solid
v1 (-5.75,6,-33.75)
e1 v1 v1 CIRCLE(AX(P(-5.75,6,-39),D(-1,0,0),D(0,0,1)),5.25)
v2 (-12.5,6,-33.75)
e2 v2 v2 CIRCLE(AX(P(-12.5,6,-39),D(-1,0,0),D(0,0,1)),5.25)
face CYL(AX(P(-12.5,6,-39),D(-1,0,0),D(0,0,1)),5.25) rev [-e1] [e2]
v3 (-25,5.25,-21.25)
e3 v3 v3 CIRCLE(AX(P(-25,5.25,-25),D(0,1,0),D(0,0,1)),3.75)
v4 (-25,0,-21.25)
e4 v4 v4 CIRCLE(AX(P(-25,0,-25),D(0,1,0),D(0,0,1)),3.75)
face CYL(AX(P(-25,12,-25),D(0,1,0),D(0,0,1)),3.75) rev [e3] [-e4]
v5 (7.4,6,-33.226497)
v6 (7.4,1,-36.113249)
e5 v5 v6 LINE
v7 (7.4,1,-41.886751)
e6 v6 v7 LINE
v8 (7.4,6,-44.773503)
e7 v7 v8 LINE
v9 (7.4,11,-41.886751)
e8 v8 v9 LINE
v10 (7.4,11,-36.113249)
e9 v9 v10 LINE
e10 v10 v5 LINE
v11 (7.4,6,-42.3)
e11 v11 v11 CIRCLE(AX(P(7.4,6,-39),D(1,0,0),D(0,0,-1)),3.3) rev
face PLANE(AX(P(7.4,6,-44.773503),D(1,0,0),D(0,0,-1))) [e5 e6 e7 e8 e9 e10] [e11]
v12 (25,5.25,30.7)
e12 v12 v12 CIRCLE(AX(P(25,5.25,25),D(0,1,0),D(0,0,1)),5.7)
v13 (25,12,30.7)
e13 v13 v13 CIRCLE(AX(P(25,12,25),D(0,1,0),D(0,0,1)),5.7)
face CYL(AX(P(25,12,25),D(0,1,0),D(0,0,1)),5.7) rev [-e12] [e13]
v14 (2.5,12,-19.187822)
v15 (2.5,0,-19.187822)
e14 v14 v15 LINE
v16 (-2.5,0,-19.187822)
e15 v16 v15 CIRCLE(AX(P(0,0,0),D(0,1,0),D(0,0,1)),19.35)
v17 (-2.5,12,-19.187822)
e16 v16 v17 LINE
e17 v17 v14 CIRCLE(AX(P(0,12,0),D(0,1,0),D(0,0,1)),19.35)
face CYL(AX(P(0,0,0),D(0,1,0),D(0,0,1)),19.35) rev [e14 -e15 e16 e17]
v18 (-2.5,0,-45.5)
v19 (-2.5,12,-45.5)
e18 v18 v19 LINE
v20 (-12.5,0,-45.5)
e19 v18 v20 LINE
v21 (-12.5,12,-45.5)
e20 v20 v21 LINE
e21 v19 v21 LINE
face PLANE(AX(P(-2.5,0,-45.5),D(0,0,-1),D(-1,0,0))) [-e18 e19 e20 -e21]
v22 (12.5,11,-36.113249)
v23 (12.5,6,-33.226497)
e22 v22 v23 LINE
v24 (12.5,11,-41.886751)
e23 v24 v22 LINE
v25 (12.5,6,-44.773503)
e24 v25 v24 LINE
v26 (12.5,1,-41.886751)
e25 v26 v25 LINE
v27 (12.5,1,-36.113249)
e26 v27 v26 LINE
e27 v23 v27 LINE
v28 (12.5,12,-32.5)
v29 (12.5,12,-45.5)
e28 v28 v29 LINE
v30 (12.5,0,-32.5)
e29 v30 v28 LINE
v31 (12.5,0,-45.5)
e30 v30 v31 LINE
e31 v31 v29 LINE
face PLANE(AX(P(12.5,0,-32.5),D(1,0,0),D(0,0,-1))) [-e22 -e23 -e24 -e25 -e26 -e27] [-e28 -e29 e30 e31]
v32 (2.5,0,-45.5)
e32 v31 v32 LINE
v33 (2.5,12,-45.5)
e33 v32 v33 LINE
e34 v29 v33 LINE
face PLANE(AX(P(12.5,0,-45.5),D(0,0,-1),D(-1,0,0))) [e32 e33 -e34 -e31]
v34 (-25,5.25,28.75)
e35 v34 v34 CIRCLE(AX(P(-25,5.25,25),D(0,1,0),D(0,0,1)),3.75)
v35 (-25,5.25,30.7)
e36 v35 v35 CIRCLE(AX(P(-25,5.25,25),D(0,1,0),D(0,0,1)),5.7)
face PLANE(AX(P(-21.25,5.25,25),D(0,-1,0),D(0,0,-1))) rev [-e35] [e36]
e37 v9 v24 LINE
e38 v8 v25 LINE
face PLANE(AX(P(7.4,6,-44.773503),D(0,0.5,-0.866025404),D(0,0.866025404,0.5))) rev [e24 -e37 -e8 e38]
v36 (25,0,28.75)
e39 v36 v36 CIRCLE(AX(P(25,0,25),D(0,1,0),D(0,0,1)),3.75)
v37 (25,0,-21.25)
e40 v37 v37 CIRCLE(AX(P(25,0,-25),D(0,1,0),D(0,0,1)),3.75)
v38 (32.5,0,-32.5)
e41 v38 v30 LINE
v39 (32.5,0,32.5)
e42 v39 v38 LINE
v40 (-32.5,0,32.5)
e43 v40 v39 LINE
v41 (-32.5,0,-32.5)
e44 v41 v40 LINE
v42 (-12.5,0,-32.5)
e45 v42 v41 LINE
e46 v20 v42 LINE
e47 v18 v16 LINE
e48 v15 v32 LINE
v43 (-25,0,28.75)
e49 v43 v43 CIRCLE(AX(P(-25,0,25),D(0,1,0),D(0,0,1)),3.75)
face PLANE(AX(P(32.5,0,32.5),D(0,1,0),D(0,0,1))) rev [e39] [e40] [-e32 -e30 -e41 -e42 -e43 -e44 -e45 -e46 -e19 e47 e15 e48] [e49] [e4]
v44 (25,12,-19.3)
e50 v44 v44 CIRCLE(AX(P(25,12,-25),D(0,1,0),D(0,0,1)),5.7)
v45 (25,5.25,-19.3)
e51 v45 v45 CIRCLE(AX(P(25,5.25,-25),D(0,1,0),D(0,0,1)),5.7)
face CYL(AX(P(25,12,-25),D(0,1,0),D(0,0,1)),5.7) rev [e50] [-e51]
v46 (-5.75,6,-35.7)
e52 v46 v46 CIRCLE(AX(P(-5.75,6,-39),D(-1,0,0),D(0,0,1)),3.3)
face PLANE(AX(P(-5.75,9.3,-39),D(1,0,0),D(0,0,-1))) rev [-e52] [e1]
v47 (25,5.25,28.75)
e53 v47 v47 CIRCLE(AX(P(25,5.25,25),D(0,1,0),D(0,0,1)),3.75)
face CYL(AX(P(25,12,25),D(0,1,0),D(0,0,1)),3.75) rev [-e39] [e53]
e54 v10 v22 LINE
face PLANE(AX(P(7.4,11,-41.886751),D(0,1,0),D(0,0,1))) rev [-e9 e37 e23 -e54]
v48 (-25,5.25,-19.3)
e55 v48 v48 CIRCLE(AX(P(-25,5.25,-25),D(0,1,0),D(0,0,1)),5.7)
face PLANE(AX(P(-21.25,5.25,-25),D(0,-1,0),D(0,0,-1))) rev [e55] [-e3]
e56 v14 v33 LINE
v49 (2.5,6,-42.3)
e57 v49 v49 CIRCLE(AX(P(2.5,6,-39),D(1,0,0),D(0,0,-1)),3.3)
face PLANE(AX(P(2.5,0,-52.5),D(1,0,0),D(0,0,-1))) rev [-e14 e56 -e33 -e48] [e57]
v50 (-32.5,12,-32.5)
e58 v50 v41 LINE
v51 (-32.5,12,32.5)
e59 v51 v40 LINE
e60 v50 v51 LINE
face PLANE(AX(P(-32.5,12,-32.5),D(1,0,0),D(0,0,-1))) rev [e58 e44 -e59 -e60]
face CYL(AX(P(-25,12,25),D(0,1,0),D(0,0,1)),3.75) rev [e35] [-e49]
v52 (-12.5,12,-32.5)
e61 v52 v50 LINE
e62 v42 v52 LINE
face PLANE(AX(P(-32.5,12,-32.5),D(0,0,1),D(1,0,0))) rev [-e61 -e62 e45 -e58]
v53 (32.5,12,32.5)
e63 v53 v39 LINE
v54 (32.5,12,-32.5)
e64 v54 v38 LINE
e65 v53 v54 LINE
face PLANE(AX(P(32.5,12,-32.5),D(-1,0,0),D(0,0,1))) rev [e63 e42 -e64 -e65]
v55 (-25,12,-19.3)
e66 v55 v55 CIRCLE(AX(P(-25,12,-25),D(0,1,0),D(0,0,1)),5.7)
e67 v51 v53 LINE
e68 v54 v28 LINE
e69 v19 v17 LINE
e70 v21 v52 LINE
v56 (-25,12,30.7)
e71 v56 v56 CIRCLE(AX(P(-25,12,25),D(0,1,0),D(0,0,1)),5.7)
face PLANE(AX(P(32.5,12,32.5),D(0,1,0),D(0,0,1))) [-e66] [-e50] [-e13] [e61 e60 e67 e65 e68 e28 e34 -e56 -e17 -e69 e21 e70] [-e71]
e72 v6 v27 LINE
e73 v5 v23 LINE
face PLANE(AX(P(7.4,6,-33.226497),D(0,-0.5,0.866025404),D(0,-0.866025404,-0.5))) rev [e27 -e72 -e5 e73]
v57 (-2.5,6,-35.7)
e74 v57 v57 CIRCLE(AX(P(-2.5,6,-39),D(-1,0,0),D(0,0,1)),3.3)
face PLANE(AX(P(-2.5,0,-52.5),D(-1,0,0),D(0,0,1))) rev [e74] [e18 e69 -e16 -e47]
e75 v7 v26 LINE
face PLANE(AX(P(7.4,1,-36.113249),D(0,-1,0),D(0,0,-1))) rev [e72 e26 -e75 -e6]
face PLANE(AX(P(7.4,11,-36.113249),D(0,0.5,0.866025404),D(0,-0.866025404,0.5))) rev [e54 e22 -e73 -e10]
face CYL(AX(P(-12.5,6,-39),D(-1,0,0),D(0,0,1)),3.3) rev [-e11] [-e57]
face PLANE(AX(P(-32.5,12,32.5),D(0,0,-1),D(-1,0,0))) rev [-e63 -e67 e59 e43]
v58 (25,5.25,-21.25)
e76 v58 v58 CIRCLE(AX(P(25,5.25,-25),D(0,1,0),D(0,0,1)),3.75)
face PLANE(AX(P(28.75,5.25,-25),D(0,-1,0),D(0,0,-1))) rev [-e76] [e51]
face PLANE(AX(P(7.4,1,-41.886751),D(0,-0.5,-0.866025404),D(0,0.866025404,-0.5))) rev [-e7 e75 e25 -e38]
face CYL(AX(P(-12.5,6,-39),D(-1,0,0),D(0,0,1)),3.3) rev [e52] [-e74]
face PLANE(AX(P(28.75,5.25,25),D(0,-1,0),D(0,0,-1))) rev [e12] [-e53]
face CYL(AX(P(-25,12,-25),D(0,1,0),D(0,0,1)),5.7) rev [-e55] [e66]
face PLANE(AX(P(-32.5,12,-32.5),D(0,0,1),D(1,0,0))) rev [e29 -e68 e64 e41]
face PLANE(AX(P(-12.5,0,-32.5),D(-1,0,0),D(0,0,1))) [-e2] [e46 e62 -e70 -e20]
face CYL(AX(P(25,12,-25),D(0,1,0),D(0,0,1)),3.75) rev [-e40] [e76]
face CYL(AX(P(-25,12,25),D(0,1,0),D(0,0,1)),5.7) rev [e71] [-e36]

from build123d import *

# Parameters (mm, degrees)
SKETCH1_W                                           = 65
SKETCH1_H                                           = 65
BOSS_EXTRUDE1_DEPTH                                 = 12
SKETCH3_R                                           = 19.35
CUT_EXTRUDE1_DEPTH                                  = 12
SKETCH4_W                                           = 5
SKETCH4_H                                           = 40
CUT_EXTRUDE2_DEPTH                                  = 12
SKETCH5_W                                           = 10
SKETCH5_H                                           = 13
BOSS_EXTRUDE4_DEPTH                                 = 12
LPATTERN1_COUNT                                     = 2
LPATTERN1_PITCH                                     = 15
CBORE_FOR_M6_HEX_SOCKET_HEAD_CAP_SCREW1_D           = 6.6
CBORE_FOR_M6_HEX_SOCKET_HEAD_CAP_SCREW1_CBORE_D     = 10.5
CBORE_FOR_M6_HEX_SOCKET_HEAD_CAP_SCREW1_CBORE_DEPTH = 6.75
CUT_EXTRUDE3_DEPTH                                  = 5.1
CBORE_FOR_M6_HEX_SOCKET_HEAD_CAP_SCREW2_D           = 7.5
CBORE_FOR_M6_HEX_SOCKET_HEAD_CAP_SCREW2_CBORE_D     = 11.4
CBORE_FOR_M6_HEX_SOCKET_HEAD_CAP_SCREW2_CBORE_DEPTH = 6.75
CBORE_FOR_M6_HEX_SOCKET_HEAD_CAP_SCREW3_D           = 7.5
CBORE_FOR_M6_HEX_SOCKET_HEAD_CAP_SCREW3_CBORE_D     = 11.4
CBORE_FOR_M6_HEX_SOCKET_HEAD_CAP_SCREW3_CBORE_DEPTH = 6.75
CBORE_FOR_M6_HEX_SOCKET_HEAD_CAP_SCREW4_D           = 7.5
CBORE_FOR_M6_HEX_SOCKET_HEAD_CAP_SCREW4_CBORE_D     = 11.4
CBORE_FOR_M6_HEX_SOCKET_HEAD_CAP_SCREW4_CBORE_DEPTH = 6.75
CBORE_FOR_M6_HEX_SOCKET_HEAD_CAP_SCREW5_D           = 7.5
CBORE_FOR_M6_HEX_SOCKET_HEAD_CAP_SCREW5_CBORE_D     = 11.4
CBORE_FOR_M6_HEX_SOCKET_HEAD_CAP_SCREW5_CBORE_DEPTH = 6.75


with BuildPart() as part:
    # Sketch1 → Boss-Extrude1 (new body)
    with BuildSketch(Plane(origin=(0, 0, 0), x_dir=(1, 0, 0), z_dir=(0, 1, 0))):
        Rectangle(SKETCH1_W, SKETCH1_H)
    extrude(amount=BOSS_EXTRUDE1_DEPTH)

    # Sketch3 → Cut-Extrude1 (cut)
    with BuildSketch(Plane(origin=(0, 12, 0), x_dir=(-1, 0, 0), z_dir=(0, 1, 0))):
        with Locations(Location((0, 0, 0), (0, 0, 90))):
            Circle(SKETCH3_R)
    extrude(amount=-CUT_EXTRUDE1_DEPTH, mode=Mode.SUBTRACT)

    # Sketch4 → Cut-Extrude2 (cut)
    with BuildSketch(Plane(origin=(0, 12, 0), x_dir=(-1, 0, 0), z_dir=(0, 1, 0))):
        with Locations((0, -32.5)):
            Rectangle(SKETCH4_W, SKETCH4_H)
    extrude(amount=-CUT_EXTRUDE2_DEPTH, mode=Mode.SUBTRACT)

    # Sketch5 → Boss-Extrude4 (add)
    with BuildSketch(Plane(origin=(0, 12, 0), x_dir=(-1, 0, 0), z_dir=(0, 1, 0))):
        with Locations((7.5, -39)):
            Rectangle(SKETCH5_W, SKETCH5_H)
    boss_extrude4 = extrude(amount=-BOSS_EXTRUDE4_DEPTH)

    # LPattern1: Boss-Extrude4 ×2
    with Locations(*[(i * LPATTERN1_PITCH, 0, 0) for i in range(1, LPATTERN1_COUNT)]):
        add(boss_extrude4)

    # CBORE for M6 Hex Socket Head Cap Screw1 (through all)
    with Locations(Plane.ZY.offset(12.5)):
        with Locations((-39, 6)):
            CounterBoreHole(CBORE_FOR_M6_HEX_SOCKET_HEAD_CAP_SCREW1_D / 2, CBORE_FOR_M6_HEX_SOCKET_HEAD_CAP_SCREW1_CBORE_D / 2, CBORE_FOR_M6_HEX_SOCKET_HEAD_CAP_SCREW1_CBORE_DEPTH)

    # Sketch9 → Cut-Extrude3 (cut)
    with BuildSketch(Plane(origin=(12.5, 0, 0), x_dir=(0, 0, -1), z_dir=(1, 0, 0))):
        Polygon((44.773502692, 6), (41.886751346, 11), (36.113248654, 11), (33.226497308, 6), (36.113248654, 1), (41.886751346, 1), align=None)
    extrude(amount=-CUT_EXTRUDE3_DEPTH, mode=Mode.SUBTRACT)

    # CBORE for M6 Hex Socket Head Cap Screw2 (through all)
    with Locations(Plane(origin=(0, 12, 0), x_dir=(-1, 0, 0), z_dir=(0, 1, 0))):
        with Locations((25, -25)):
            CounterBoreHole(CBORE_FOR_M6_HEX_SOCKET_HEAD_CAP_SCREW2_D / 2, CBORE_FOR_M6_HEX_SOCKET_HEAD_CAP_SCREW2_CBORE_D / 2, CBORE_FOR_M6_HEX_SOCKET_HEAD_CAP_SCREW2_CBORE_DEPTH)

    # CBORE for M6 Hex Socket Head Cap Screw3 (through all)
    with Locations(Plane(origin=(0, 12, 0), x_dir=(-1, 0, 0), z_dir=(0, 1, 0))):
        with Locations((-25, -25)):
            CounterBoreHole(CBORE_FOR_M6_HEX_SOCKET_HEAD_CAP_SCREW3_D / 2, CBORE_FOR_M6_HEX_SOCKET_HEAD_CAP_SCREW3_CBORE_D / 2, CBORE_FOR_M6_HEX_SOCKET_HEAD_CAP_SCREW3_CBORE_DEPTH)

    # CBORE for M6 Hex Socket Head Cap Screw4 (through all)
    with Locations(Plane(origin=(0, 12, 0), x_dir=(-1, 0, 0), z_dir=(0, 1, 0))):
        with Locations((-25, 25)):
            CounterBoreHole(CBORE_FOR_M6_HEX_SOCKET_HEAD_CAP_SCREW4_D / 2, CBORE_FOR_M6_HEX_SOCKET_HEAD_CAP_SCREW4_CBORE_D / 2, CBORE_FOR_M6_HEX_SOCKET_HEAD_CAP_SCREW4_CBORE_DEPTH)

    # CBORE for M6 Hex Socket Head Cap Screw5 (through all)
    with Locations(Plane(origin=(0, 12, 0), x_dir=(-1, 0, 0), z_dir=(0, 1, 0))):
        with Locations((25, 25)):
            CounterBoreHole(CBORE_FOR_M6_HEX_SOCKET_HEAD_CAP_SCREW5_D / 2, CBORE_FOR_M6_HEX_SOCKET_HEAD_CAP_SCREW5_CBORE_D / 2, CBORE_FOR_M6_HEX_SOCKET_HEAD_CAP_SCREW5_CBORE_DEPTH)


solid = part.part
